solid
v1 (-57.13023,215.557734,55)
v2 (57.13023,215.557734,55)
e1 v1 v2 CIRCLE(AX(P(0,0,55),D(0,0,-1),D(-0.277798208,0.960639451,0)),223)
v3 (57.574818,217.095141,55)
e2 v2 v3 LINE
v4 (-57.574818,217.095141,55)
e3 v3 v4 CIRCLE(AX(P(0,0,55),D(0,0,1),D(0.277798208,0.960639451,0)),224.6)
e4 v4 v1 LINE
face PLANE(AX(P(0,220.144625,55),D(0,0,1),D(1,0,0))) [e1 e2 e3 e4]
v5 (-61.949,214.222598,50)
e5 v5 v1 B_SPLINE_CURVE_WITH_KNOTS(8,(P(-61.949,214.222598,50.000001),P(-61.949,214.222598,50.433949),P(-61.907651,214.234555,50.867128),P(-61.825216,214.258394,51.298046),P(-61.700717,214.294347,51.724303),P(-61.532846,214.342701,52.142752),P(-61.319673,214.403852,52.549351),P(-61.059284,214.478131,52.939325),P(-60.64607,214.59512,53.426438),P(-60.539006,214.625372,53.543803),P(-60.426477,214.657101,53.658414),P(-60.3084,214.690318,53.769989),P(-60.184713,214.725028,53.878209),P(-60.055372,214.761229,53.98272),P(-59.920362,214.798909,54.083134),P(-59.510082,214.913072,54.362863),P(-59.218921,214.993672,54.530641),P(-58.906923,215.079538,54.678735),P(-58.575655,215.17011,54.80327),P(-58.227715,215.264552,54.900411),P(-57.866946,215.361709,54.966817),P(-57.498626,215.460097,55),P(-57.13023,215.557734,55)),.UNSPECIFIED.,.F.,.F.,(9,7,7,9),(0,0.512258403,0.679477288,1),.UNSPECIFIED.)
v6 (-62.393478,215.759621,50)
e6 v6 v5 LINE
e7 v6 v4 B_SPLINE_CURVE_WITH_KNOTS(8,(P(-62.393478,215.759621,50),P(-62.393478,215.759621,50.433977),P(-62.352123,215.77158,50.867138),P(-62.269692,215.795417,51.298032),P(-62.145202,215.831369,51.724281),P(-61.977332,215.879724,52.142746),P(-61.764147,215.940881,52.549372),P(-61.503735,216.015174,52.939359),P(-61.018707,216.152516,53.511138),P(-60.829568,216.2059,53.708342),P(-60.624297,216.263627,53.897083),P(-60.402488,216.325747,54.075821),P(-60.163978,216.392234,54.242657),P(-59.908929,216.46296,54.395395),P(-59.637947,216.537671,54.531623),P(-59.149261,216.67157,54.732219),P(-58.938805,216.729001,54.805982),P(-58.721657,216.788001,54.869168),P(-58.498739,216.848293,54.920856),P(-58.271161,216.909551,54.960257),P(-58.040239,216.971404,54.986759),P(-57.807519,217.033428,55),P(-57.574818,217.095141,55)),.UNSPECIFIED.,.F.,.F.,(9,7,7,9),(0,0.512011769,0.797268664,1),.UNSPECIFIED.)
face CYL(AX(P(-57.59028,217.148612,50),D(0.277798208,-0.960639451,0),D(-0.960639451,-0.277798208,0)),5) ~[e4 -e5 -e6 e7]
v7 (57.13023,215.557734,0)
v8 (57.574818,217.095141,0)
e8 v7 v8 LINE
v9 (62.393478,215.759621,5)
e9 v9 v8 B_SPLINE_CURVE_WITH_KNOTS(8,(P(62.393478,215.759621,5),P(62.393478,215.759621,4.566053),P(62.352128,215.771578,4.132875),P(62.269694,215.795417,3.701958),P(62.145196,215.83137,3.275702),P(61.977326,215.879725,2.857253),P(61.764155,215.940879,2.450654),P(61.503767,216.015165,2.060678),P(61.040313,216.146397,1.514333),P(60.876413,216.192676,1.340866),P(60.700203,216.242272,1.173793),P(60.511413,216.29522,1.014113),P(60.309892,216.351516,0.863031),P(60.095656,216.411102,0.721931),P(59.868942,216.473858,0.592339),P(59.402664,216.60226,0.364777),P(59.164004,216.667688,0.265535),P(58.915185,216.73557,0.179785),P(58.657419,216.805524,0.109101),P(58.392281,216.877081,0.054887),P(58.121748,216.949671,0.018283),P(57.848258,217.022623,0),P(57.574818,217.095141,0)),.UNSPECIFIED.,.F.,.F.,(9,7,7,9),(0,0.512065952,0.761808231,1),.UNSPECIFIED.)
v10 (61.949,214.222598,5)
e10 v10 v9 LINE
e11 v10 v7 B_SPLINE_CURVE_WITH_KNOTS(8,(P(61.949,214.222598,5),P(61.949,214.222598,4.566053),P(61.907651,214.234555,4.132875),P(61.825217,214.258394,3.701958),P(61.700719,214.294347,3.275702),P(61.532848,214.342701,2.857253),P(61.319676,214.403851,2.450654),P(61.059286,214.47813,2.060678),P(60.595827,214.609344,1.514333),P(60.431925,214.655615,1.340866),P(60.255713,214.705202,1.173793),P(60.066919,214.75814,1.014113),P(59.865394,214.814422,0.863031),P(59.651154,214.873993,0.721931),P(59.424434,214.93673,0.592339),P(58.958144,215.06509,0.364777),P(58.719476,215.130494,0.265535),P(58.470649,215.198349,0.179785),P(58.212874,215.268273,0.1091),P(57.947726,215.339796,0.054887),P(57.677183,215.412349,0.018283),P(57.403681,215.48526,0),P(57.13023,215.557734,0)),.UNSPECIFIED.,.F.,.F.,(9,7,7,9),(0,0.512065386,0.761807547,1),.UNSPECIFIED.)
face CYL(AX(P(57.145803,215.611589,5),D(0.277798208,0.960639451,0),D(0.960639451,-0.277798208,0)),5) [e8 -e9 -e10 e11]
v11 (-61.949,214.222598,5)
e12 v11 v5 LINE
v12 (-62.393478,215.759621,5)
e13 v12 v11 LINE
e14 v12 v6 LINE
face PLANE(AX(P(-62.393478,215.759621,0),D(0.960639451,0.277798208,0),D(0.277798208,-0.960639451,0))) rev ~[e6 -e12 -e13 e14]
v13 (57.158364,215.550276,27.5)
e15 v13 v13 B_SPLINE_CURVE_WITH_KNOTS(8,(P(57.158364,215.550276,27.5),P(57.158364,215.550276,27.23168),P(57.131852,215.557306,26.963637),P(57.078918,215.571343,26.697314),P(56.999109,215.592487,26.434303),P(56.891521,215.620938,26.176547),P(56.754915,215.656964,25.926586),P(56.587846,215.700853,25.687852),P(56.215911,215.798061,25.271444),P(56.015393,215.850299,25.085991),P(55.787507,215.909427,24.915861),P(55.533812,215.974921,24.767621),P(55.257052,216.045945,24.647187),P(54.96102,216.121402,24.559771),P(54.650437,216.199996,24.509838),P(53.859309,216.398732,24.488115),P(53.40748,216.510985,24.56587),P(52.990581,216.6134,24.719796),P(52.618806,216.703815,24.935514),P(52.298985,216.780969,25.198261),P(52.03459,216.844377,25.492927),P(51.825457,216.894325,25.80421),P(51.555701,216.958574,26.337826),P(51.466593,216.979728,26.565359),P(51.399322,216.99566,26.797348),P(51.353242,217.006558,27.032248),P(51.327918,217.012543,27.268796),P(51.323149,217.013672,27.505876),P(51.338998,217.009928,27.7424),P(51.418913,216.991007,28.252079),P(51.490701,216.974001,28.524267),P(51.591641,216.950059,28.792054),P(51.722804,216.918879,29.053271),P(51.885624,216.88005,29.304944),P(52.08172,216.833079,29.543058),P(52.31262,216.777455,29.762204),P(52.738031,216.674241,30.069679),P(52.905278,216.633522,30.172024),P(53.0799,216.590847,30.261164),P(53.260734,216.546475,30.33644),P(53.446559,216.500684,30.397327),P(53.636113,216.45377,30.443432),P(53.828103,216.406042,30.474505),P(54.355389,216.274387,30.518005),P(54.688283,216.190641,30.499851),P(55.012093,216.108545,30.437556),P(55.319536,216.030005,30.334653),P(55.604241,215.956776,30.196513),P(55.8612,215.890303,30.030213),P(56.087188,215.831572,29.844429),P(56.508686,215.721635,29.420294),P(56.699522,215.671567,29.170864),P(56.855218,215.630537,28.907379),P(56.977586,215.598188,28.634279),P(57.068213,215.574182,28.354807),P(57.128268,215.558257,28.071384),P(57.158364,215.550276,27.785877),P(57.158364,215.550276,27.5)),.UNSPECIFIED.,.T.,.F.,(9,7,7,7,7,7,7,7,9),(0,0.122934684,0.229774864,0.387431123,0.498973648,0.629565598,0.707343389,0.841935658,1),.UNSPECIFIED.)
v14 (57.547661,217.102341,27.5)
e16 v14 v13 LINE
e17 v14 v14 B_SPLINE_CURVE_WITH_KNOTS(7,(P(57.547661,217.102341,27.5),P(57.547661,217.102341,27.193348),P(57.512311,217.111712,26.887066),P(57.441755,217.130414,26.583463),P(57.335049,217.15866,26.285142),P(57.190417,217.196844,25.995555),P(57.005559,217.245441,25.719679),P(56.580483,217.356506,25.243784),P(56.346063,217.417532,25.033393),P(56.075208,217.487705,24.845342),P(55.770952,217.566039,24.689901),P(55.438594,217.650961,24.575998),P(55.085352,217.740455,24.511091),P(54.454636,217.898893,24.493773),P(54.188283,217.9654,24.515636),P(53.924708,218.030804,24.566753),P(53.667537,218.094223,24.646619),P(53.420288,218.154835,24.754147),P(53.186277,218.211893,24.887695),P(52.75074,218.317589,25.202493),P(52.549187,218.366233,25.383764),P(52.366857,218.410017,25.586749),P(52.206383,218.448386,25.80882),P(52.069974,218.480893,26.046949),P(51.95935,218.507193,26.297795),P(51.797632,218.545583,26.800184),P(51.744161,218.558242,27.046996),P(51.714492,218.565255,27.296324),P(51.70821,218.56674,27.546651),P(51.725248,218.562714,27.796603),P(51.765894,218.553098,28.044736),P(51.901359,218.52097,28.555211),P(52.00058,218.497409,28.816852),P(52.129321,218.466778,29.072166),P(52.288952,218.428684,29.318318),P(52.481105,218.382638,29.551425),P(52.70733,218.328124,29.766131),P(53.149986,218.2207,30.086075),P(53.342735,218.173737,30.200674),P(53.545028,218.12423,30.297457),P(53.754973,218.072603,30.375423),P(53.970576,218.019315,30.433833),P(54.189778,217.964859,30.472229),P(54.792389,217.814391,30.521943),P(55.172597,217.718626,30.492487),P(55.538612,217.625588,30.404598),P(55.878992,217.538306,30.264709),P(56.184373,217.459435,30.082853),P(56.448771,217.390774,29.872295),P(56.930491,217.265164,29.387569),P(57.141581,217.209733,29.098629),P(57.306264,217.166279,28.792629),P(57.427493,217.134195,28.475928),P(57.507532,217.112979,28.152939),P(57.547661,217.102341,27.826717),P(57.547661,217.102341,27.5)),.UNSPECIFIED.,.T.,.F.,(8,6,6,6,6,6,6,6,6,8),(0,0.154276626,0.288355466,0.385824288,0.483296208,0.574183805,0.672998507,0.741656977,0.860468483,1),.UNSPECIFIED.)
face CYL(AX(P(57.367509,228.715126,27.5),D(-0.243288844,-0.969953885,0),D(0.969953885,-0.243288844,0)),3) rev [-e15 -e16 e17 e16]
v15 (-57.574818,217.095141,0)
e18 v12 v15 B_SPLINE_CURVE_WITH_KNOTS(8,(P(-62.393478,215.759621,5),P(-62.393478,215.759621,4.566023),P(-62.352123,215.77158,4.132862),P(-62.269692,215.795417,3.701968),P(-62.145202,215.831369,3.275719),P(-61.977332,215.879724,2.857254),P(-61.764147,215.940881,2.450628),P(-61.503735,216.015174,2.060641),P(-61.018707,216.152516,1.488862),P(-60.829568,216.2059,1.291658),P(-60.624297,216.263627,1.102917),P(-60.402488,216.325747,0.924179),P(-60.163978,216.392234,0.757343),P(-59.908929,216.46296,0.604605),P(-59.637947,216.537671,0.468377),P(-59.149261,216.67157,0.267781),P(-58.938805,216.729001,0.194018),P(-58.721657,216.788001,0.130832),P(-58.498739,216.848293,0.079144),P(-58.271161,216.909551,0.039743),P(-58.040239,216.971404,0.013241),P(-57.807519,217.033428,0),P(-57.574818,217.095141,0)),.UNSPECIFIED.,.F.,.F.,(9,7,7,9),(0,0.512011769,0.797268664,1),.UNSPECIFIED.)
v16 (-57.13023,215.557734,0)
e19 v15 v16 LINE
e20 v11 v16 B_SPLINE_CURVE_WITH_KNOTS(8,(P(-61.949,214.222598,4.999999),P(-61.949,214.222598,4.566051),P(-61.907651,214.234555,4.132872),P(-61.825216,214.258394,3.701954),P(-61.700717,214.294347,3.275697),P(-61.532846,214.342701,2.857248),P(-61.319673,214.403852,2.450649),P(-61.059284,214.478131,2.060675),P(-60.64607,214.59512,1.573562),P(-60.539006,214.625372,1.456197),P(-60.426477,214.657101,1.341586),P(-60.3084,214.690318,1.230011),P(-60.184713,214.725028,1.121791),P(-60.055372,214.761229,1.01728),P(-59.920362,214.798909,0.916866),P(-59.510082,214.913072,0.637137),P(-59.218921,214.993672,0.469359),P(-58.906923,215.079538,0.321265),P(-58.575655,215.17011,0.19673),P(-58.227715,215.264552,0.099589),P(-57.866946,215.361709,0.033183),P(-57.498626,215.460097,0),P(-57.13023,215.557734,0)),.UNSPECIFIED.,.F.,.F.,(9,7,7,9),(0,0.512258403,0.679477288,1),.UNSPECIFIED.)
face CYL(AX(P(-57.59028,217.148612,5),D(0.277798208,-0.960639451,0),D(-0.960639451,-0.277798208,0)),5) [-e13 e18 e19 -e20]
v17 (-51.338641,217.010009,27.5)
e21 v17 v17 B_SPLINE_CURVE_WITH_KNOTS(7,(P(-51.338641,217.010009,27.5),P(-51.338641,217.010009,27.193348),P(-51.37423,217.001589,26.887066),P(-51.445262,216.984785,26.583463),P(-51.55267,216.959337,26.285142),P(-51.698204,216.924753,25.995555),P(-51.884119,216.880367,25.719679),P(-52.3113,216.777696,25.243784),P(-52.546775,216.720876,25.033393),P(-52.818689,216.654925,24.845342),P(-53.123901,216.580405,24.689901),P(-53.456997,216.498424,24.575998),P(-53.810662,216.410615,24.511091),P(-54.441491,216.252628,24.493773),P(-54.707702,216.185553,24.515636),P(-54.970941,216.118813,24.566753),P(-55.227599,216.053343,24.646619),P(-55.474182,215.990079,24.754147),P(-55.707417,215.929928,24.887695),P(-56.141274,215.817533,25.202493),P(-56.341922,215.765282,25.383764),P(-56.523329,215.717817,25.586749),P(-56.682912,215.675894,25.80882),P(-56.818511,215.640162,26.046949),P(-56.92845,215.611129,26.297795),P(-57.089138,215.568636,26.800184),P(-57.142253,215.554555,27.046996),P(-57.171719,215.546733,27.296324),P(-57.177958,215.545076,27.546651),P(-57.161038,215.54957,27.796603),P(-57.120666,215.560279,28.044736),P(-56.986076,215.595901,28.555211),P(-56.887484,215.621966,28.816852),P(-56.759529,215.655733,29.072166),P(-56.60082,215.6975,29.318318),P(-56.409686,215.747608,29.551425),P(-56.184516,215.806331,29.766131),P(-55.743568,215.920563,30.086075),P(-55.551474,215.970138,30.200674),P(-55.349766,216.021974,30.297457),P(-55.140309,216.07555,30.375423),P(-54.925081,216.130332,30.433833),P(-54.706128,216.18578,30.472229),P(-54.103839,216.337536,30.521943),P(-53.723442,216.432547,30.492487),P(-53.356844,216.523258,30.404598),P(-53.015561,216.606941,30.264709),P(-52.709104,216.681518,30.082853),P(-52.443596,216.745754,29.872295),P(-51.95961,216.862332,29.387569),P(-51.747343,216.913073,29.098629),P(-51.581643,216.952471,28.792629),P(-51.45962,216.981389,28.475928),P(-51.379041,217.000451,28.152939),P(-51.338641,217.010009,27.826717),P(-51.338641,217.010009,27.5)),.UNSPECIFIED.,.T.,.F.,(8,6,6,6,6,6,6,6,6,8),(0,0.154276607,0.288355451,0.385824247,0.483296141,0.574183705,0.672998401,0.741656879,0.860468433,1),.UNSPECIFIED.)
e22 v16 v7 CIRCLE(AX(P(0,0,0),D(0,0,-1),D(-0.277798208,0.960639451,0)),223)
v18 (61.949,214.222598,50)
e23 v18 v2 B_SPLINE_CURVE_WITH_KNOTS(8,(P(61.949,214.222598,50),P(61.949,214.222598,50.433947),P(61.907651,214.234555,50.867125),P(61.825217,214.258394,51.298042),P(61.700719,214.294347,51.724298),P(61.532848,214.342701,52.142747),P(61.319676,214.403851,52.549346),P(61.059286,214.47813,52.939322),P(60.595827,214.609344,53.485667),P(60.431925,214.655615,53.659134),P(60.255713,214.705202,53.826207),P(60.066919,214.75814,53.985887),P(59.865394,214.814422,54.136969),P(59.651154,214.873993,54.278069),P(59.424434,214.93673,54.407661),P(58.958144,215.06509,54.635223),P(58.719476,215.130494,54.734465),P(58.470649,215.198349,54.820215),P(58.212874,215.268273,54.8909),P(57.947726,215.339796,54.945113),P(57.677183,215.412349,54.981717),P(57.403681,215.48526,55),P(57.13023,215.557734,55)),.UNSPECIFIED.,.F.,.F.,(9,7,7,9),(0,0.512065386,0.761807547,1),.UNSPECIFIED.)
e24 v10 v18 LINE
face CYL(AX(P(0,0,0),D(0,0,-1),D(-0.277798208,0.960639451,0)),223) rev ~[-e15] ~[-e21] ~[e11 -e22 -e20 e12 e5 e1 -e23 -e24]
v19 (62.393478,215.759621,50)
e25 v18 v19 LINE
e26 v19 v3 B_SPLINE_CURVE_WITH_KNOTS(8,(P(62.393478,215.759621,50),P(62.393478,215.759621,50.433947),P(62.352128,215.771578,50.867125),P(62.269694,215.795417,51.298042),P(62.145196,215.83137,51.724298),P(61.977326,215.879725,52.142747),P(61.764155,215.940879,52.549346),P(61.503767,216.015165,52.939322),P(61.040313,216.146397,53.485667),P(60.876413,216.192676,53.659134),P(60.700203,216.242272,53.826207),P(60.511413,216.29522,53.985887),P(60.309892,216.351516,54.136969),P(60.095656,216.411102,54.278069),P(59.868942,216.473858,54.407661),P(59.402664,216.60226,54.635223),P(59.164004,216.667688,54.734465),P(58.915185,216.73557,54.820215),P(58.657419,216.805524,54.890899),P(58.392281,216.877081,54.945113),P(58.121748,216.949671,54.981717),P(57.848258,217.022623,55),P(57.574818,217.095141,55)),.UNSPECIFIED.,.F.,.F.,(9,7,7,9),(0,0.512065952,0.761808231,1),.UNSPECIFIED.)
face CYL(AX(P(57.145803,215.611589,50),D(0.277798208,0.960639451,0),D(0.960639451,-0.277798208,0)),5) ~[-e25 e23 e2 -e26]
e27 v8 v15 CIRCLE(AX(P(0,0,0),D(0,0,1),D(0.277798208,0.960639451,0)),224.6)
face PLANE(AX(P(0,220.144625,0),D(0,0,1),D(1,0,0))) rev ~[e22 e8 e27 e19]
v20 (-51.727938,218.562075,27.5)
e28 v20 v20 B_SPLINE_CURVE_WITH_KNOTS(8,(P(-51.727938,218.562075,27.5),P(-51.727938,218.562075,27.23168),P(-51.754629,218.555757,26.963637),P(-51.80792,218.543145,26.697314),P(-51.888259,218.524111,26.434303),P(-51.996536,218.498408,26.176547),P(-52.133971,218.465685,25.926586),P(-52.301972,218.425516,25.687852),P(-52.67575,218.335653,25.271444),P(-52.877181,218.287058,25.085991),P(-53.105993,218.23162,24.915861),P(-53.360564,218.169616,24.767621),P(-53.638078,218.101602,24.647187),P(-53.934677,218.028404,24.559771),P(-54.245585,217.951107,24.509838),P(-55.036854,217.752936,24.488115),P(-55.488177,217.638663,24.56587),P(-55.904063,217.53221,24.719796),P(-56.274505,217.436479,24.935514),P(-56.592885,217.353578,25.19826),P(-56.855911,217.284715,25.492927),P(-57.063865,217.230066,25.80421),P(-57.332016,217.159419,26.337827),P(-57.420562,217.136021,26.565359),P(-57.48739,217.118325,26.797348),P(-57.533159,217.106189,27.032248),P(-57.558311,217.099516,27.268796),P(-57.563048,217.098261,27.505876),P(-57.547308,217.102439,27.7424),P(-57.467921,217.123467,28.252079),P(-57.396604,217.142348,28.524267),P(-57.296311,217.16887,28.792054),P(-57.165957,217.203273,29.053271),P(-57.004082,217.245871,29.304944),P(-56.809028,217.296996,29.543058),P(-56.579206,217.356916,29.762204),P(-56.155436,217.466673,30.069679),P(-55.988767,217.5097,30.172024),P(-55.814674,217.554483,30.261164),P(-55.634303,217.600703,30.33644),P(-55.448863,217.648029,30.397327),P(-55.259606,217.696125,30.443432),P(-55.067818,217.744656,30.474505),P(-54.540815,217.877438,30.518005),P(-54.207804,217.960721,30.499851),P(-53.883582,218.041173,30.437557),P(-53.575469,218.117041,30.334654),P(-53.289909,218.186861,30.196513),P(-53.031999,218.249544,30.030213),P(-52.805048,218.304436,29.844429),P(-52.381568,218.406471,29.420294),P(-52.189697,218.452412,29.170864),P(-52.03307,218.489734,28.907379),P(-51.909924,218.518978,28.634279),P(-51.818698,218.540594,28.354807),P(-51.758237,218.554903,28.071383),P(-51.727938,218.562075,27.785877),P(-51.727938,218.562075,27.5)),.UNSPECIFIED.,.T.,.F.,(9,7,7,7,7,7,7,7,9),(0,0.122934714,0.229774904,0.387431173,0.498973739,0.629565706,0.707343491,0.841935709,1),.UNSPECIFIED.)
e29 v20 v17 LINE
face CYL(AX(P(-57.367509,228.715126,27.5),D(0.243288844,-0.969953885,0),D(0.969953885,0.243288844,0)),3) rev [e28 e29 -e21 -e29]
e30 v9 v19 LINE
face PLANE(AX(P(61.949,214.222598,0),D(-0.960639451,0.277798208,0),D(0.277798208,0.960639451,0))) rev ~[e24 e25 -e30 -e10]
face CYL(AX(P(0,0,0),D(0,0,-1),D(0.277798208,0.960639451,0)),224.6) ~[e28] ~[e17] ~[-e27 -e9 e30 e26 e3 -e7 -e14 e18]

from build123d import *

# Parameters (mm, degrees)
EXTRUDE_1_DEPTH = 55
FILLET_1_R      = 5


with BuildPart() as part:
    # ｽｹｯﾁ1 → ﾎﾞｽ - 押し出し1 (new body)
    with BuildSketch(Plane.XY):
        with BuildLine():
            Line((61.949000384, 214.222597667), (62.393477517, 215.75962079))
            ThreePointArc((62.393477517, 215.75962079), (0, 224.6), (-62.393477517, 215.75962079))
            Line((-62.393477517, 215.75962079), (-61.949000384, 214.222597667))
            ThreePointArc((-61.949000384, 214.222597667), (0, 223), (61.949000384, 214.222597667))
        make_face()
    extrude(amount=EXTRUDE_1_DEPTH)

    # ﾌｨﾚｯﾄ1
    fillet_1_edges = [part.edges().sort_by_distance(p)[0] for p in [
        (-62.171238951, 214.991109229, 55),
        (-62.171238951, 214.991109229, 0),
        (62.171238951, 214.991109229, 0),
        (62.171238951, 214.991109229, 55),
    ]]
    fillet(fillet_1_edges, radius=FILLET_1_R)

    # ｽｹｯﾁ2 → ｶｯﾄ - 回転1 (revolve, cut)
    with BuildSketch(Plane.XY.offset(27.5), mode=Mode.PRIVATE) as cut_revolve_1_sk:
        Polygon((51.528577079, 205.436232793), (57.367509326, 228.715126027), (54.457647672, 229.444992558), (48.618715425, 206.166099324), align=None)
    revolve(cut_revolve_1_sk.sketch.rotate(Axis((51.528577079, 205.436232793, 27.5), (0.24328884362241038, 0.9699538847640492, 0)), 180), axis=Axis((51.528577079, 205.436232793, 27.5), (0.24328884362241038, 0.9699538847640492, 0)), mode=Mode.SUBTRACT)

    # ｽｹｯﾁ3 → ｶｯﾄ - 回転2 (revolve, cut)
    with BuildSketch(Plane.XY.offset(27.5), mode=Mode.PRIVATE) as cut_revolve_2_sk:
        Polygon((-51.528577079, 205.436232793), (-57.367509326, 228.715126027), (-60.27737098, 227.985259496), (-54.438438734, 204.706366262), align=None)
    revolve(cut_revolve_2_sk.sketch.rotate(Axis((-51.528577079, 205.436232793, 27.5), (-0.24328884362241038, 0.9699538847640492, 0)), 180), axis=Axis((-51.528577079, 205.436232793, 27.5), (-0.24328884362241038, 0.9699538847640492, 0)), mode=Mode.SUBTRACT)


solid = part.part
